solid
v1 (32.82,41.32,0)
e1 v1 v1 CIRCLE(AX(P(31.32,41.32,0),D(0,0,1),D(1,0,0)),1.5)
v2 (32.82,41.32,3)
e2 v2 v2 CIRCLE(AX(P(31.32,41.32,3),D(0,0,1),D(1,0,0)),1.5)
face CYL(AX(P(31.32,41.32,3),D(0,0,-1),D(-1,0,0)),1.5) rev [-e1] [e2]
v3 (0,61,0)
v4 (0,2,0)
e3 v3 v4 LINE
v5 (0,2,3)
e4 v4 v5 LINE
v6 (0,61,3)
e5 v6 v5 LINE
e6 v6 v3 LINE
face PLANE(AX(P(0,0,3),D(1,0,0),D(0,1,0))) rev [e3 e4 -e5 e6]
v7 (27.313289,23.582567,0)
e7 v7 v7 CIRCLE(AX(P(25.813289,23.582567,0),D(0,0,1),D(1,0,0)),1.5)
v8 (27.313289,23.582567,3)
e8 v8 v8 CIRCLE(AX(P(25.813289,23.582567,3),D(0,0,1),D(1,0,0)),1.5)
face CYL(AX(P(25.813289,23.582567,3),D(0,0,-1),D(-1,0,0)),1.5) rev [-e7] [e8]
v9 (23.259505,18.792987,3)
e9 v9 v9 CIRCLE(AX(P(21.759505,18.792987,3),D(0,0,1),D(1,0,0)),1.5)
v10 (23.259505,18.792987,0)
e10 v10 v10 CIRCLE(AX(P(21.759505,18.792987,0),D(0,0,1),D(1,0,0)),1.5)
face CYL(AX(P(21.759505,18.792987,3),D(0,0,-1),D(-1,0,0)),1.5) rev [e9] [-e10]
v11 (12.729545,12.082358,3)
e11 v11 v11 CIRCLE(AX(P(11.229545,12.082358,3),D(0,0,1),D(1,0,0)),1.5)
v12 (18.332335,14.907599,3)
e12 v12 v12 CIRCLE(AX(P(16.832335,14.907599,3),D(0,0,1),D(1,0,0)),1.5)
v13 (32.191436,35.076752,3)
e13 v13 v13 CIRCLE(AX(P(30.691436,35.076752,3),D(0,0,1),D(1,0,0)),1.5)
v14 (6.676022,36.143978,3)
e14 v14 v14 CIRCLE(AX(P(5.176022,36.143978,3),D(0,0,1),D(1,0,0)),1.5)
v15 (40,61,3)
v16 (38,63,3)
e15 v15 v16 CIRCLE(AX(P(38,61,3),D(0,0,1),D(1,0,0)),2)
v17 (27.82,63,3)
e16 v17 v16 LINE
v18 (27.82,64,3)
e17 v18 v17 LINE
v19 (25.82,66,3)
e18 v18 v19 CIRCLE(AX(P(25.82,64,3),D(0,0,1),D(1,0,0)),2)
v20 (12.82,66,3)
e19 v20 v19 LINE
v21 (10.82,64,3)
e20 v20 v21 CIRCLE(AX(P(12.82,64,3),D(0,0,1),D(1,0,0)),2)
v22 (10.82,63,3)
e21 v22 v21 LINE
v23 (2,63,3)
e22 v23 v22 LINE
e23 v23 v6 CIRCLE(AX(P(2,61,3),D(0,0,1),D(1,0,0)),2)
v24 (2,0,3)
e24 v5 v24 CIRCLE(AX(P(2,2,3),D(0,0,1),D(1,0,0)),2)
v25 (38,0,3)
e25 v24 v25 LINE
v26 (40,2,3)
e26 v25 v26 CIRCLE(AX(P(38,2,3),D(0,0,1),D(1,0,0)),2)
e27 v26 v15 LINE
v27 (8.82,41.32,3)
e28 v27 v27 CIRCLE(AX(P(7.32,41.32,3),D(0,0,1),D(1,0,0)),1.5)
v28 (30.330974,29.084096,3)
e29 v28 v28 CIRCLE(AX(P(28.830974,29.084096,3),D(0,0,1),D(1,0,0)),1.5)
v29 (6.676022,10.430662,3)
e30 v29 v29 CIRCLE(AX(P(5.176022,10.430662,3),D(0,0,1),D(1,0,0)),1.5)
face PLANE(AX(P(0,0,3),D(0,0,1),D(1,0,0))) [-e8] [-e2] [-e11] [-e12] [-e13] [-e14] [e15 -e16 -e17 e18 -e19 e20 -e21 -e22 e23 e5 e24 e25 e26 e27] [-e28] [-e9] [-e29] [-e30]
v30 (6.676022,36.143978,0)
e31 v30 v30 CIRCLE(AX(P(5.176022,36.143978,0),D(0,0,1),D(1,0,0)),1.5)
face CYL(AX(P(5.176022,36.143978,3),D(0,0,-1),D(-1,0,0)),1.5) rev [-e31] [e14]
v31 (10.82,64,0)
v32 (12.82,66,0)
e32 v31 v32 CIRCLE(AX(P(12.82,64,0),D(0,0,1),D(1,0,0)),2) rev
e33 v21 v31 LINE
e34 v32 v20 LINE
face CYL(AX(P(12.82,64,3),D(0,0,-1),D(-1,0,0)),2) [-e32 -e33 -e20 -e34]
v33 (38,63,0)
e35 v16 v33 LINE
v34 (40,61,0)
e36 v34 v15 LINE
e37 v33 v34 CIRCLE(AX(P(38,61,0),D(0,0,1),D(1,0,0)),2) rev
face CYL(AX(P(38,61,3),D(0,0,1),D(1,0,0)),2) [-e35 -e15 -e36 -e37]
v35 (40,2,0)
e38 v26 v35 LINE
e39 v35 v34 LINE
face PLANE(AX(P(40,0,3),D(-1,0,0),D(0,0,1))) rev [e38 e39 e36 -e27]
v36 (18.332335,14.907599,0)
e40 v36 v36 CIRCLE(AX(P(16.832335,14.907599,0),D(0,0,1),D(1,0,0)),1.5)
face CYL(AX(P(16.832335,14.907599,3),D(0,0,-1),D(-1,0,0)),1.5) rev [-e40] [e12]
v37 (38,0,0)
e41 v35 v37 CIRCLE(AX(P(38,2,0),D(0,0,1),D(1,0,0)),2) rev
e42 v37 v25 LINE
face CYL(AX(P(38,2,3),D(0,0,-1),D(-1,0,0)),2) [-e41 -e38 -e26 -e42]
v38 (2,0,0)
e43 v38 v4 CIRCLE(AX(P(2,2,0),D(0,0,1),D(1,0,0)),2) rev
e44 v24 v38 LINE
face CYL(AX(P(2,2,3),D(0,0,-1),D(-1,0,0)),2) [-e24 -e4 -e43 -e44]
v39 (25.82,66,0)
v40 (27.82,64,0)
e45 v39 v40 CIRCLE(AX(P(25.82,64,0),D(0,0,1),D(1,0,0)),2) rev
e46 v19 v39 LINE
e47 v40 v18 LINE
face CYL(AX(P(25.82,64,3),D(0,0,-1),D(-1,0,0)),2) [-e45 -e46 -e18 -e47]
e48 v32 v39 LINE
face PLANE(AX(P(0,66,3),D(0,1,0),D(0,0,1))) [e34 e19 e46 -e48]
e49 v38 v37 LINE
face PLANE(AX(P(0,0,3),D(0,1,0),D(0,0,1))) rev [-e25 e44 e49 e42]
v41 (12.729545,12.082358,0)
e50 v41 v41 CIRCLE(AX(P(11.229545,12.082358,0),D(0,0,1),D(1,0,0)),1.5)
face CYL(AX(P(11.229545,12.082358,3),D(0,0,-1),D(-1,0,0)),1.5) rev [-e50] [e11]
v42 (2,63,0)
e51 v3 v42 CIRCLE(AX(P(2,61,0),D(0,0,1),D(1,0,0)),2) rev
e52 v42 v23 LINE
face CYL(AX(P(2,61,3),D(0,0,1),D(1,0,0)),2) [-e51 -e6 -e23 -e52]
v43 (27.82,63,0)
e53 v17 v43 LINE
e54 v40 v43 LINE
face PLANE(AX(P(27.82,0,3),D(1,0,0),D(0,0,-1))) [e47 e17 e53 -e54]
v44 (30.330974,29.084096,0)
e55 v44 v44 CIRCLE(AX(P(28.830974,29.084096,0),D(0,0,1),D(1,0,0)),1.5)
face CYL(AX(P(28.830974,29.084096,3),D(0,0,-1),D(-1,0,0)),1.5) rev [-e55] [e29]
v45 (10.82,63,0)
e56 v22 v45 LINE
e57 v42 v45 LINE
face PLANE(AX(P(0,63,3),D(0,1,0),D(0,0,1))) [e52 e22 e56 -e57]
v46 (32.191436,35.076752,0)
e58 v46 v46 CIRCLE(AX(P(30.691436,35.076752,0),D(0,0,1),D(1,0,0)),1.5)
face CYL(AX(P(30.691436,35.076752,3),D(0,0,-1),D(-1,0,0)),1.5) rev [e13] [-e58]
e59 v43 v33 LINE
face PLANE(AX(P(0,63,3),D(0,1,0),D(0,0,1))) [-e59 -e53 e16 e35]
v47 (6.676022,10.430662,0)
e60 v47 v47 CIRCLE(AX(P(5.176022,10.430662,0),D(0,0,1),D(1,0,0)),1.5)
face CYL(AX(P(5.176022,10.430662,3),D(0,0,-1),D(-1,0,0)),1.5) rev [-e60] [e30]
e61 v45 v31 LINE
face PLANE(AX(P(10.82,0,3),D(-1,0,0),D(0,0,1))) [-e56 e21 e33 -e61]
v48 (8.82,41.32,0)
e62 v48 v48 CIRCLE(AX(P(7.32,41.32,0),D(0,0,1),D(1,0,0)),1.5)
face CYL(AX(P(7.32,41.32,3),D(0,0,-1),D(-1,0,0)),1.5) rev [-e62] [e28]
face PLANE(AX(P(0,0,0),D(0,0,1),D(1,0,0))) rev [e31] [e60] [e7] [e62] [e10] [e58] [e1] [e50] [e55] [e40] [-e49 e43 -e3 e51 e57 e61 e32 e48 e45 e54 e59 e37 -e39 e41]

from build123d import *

# Parameters (mm, degrees)
SKETCH_1_R      = 1.5
SKETCH_1_W      = 17
SKETCH_1_H      = 3
EXTRUDE_1_DEPTH = 3
FILLET_1_R      = 2
FILLET_2_R      = 2


with BuildPart() as part:
    # 草图1 → 凸台-拉伸1 (new body)
    # profile 1 of 5: a face of its own
    with BuildSketch(Plane.XY):
        with BuildLine():
            Line((0, 10), (0, 7))
            ThreePointArc((0, 7), (24.26790473, 17.05209527), (34.32, 41.32))
            Line((34.32, 41.32), (34.32, 63))
            Line((34.32, 63), (4.32, 63))
            Line((4.32, 63), (4.32, 41.32))
            ThreePointArc((4.32, 41.32), (3.054701295, 38.265298705), (0, 37))
            Line((0, 37), (0, 34))
            Line((0, 34), (0, 22))
            Line((0, 22), (0, 10))
        make_face()
        with Locations((5.176021638, 10.430662034)):
            Circle(SKETCH_1_R, mode=Mode.SUBTRACT)
        with Locations((11.229544899, 12.082357801)):
            Circle(SKETCH_1_R, mode=Mode.SUBTRACT)
        with Locations((16.832334664, 14.907599318)):
            Circle(SKETCH_1_R, mode=Mode.SUBTRACT)
        with Locations((21.759505147, 18.792986533)):
            Circle(SKETCH_1_R, mode=Mode.SUBTRACT)
        with Locations((25.813288692, 23.582567072)):
            Circle(SKETCH_1_R, mode=Mode.SUBTRACT)
        with Locations((28.830973806, 29.08409589)):
            Circle(SKETCH_1_R, mode=Mode.SUBTRACT)
        with Locations((30.691436099, 35.076751631)):
            Circle(SKETCH_1_R, mode=Mode.SUBTRACT)
        with Locations((31.32, 41.32)):
            Circle(SKETCH_1_R, mode=Mode.SUBTRACT)
        with Locations((7.32, 41.32)):
            Circle(SKETCH_1_R, mode=Mode.SUBTRACT)
        with Locations((5.176021638, 36.143978362)):
            Circle(SKETCH_1_R, mode=Mode.SUBTRACT)
    # profile 2 of 5: a face of its own
    with BuildSketch(Plane.XY):
        with BuildLine():
            Line((0, 41.32), (0, 37))
            ThreePointArc((0, 37), (3.054701295, 38.265298705), (4.32, 41.32))
            Line((4.32, 41.32), (4.32, 63))
            Line((4.32, 63), (0, 63))
            Line((0, 63), (0, 41.32))
        make_face()
    # profile 3 of 5: a face of its own
    with BuildSketch(Plane.XY):
        with BuildLine():
            ThreePointArc((0, 7), (24.26790473, 17.05209527), (34.32, 41.32))
            Line((34.32, 41.32), (34.32, 63))
            Line((34.32, 63), (40, 63))
            Line((40, 63), (40, 0))
            Line((40, 0), (0, 0))
            Line((0, 0), (0, 7))
        make_face()
    # profile 4 of 5: a face of its own
    with BuildSketch(Plane.XY):
        with Locations((19.32, 64.5)):
            Rectangle(SKETCH_1_W, SKETCH_1_H)
    # profile 5 of 5: a face of its own
    with BuildSketch(Plane.XY):
        with BuildLine():
            ThreePointArc((34.32, 41.32), (24.26790473, 17.05209527), (0, 7))
            Line((0, 7), (0, 0))
            Line((0, 0), (40, 0))
            Line((40, 0), (40, 63))
            Line((40, 63), (34.32, 63))
            Line((34.32, 63), (34.32, 41.32))
        make_face()
    extrude(amount=EXTRUDE_1_DEPTH)

    # 圆角1
    fillet_1_edges = [part.edges().sort_by_distance(p)[0] for p in [
        (40, 63, 1.5),
        (40, 0, 1.5),
        (0, 0, 1.5),
        (0, 63, 1.5),
    ]]
    fillet(fillet_1_edges, radius=FILLET_1_R)

    # 圆角2
    fillet_2_edges = [part.edges().sort_by_distance(p)[0] for p in [
        (10.82, 66, 1.5),
        (27.82, 66, 1.5),
    ]]
    fillet(fillet_2_edges, radius=FILLET_2_R)


solid = part.part
